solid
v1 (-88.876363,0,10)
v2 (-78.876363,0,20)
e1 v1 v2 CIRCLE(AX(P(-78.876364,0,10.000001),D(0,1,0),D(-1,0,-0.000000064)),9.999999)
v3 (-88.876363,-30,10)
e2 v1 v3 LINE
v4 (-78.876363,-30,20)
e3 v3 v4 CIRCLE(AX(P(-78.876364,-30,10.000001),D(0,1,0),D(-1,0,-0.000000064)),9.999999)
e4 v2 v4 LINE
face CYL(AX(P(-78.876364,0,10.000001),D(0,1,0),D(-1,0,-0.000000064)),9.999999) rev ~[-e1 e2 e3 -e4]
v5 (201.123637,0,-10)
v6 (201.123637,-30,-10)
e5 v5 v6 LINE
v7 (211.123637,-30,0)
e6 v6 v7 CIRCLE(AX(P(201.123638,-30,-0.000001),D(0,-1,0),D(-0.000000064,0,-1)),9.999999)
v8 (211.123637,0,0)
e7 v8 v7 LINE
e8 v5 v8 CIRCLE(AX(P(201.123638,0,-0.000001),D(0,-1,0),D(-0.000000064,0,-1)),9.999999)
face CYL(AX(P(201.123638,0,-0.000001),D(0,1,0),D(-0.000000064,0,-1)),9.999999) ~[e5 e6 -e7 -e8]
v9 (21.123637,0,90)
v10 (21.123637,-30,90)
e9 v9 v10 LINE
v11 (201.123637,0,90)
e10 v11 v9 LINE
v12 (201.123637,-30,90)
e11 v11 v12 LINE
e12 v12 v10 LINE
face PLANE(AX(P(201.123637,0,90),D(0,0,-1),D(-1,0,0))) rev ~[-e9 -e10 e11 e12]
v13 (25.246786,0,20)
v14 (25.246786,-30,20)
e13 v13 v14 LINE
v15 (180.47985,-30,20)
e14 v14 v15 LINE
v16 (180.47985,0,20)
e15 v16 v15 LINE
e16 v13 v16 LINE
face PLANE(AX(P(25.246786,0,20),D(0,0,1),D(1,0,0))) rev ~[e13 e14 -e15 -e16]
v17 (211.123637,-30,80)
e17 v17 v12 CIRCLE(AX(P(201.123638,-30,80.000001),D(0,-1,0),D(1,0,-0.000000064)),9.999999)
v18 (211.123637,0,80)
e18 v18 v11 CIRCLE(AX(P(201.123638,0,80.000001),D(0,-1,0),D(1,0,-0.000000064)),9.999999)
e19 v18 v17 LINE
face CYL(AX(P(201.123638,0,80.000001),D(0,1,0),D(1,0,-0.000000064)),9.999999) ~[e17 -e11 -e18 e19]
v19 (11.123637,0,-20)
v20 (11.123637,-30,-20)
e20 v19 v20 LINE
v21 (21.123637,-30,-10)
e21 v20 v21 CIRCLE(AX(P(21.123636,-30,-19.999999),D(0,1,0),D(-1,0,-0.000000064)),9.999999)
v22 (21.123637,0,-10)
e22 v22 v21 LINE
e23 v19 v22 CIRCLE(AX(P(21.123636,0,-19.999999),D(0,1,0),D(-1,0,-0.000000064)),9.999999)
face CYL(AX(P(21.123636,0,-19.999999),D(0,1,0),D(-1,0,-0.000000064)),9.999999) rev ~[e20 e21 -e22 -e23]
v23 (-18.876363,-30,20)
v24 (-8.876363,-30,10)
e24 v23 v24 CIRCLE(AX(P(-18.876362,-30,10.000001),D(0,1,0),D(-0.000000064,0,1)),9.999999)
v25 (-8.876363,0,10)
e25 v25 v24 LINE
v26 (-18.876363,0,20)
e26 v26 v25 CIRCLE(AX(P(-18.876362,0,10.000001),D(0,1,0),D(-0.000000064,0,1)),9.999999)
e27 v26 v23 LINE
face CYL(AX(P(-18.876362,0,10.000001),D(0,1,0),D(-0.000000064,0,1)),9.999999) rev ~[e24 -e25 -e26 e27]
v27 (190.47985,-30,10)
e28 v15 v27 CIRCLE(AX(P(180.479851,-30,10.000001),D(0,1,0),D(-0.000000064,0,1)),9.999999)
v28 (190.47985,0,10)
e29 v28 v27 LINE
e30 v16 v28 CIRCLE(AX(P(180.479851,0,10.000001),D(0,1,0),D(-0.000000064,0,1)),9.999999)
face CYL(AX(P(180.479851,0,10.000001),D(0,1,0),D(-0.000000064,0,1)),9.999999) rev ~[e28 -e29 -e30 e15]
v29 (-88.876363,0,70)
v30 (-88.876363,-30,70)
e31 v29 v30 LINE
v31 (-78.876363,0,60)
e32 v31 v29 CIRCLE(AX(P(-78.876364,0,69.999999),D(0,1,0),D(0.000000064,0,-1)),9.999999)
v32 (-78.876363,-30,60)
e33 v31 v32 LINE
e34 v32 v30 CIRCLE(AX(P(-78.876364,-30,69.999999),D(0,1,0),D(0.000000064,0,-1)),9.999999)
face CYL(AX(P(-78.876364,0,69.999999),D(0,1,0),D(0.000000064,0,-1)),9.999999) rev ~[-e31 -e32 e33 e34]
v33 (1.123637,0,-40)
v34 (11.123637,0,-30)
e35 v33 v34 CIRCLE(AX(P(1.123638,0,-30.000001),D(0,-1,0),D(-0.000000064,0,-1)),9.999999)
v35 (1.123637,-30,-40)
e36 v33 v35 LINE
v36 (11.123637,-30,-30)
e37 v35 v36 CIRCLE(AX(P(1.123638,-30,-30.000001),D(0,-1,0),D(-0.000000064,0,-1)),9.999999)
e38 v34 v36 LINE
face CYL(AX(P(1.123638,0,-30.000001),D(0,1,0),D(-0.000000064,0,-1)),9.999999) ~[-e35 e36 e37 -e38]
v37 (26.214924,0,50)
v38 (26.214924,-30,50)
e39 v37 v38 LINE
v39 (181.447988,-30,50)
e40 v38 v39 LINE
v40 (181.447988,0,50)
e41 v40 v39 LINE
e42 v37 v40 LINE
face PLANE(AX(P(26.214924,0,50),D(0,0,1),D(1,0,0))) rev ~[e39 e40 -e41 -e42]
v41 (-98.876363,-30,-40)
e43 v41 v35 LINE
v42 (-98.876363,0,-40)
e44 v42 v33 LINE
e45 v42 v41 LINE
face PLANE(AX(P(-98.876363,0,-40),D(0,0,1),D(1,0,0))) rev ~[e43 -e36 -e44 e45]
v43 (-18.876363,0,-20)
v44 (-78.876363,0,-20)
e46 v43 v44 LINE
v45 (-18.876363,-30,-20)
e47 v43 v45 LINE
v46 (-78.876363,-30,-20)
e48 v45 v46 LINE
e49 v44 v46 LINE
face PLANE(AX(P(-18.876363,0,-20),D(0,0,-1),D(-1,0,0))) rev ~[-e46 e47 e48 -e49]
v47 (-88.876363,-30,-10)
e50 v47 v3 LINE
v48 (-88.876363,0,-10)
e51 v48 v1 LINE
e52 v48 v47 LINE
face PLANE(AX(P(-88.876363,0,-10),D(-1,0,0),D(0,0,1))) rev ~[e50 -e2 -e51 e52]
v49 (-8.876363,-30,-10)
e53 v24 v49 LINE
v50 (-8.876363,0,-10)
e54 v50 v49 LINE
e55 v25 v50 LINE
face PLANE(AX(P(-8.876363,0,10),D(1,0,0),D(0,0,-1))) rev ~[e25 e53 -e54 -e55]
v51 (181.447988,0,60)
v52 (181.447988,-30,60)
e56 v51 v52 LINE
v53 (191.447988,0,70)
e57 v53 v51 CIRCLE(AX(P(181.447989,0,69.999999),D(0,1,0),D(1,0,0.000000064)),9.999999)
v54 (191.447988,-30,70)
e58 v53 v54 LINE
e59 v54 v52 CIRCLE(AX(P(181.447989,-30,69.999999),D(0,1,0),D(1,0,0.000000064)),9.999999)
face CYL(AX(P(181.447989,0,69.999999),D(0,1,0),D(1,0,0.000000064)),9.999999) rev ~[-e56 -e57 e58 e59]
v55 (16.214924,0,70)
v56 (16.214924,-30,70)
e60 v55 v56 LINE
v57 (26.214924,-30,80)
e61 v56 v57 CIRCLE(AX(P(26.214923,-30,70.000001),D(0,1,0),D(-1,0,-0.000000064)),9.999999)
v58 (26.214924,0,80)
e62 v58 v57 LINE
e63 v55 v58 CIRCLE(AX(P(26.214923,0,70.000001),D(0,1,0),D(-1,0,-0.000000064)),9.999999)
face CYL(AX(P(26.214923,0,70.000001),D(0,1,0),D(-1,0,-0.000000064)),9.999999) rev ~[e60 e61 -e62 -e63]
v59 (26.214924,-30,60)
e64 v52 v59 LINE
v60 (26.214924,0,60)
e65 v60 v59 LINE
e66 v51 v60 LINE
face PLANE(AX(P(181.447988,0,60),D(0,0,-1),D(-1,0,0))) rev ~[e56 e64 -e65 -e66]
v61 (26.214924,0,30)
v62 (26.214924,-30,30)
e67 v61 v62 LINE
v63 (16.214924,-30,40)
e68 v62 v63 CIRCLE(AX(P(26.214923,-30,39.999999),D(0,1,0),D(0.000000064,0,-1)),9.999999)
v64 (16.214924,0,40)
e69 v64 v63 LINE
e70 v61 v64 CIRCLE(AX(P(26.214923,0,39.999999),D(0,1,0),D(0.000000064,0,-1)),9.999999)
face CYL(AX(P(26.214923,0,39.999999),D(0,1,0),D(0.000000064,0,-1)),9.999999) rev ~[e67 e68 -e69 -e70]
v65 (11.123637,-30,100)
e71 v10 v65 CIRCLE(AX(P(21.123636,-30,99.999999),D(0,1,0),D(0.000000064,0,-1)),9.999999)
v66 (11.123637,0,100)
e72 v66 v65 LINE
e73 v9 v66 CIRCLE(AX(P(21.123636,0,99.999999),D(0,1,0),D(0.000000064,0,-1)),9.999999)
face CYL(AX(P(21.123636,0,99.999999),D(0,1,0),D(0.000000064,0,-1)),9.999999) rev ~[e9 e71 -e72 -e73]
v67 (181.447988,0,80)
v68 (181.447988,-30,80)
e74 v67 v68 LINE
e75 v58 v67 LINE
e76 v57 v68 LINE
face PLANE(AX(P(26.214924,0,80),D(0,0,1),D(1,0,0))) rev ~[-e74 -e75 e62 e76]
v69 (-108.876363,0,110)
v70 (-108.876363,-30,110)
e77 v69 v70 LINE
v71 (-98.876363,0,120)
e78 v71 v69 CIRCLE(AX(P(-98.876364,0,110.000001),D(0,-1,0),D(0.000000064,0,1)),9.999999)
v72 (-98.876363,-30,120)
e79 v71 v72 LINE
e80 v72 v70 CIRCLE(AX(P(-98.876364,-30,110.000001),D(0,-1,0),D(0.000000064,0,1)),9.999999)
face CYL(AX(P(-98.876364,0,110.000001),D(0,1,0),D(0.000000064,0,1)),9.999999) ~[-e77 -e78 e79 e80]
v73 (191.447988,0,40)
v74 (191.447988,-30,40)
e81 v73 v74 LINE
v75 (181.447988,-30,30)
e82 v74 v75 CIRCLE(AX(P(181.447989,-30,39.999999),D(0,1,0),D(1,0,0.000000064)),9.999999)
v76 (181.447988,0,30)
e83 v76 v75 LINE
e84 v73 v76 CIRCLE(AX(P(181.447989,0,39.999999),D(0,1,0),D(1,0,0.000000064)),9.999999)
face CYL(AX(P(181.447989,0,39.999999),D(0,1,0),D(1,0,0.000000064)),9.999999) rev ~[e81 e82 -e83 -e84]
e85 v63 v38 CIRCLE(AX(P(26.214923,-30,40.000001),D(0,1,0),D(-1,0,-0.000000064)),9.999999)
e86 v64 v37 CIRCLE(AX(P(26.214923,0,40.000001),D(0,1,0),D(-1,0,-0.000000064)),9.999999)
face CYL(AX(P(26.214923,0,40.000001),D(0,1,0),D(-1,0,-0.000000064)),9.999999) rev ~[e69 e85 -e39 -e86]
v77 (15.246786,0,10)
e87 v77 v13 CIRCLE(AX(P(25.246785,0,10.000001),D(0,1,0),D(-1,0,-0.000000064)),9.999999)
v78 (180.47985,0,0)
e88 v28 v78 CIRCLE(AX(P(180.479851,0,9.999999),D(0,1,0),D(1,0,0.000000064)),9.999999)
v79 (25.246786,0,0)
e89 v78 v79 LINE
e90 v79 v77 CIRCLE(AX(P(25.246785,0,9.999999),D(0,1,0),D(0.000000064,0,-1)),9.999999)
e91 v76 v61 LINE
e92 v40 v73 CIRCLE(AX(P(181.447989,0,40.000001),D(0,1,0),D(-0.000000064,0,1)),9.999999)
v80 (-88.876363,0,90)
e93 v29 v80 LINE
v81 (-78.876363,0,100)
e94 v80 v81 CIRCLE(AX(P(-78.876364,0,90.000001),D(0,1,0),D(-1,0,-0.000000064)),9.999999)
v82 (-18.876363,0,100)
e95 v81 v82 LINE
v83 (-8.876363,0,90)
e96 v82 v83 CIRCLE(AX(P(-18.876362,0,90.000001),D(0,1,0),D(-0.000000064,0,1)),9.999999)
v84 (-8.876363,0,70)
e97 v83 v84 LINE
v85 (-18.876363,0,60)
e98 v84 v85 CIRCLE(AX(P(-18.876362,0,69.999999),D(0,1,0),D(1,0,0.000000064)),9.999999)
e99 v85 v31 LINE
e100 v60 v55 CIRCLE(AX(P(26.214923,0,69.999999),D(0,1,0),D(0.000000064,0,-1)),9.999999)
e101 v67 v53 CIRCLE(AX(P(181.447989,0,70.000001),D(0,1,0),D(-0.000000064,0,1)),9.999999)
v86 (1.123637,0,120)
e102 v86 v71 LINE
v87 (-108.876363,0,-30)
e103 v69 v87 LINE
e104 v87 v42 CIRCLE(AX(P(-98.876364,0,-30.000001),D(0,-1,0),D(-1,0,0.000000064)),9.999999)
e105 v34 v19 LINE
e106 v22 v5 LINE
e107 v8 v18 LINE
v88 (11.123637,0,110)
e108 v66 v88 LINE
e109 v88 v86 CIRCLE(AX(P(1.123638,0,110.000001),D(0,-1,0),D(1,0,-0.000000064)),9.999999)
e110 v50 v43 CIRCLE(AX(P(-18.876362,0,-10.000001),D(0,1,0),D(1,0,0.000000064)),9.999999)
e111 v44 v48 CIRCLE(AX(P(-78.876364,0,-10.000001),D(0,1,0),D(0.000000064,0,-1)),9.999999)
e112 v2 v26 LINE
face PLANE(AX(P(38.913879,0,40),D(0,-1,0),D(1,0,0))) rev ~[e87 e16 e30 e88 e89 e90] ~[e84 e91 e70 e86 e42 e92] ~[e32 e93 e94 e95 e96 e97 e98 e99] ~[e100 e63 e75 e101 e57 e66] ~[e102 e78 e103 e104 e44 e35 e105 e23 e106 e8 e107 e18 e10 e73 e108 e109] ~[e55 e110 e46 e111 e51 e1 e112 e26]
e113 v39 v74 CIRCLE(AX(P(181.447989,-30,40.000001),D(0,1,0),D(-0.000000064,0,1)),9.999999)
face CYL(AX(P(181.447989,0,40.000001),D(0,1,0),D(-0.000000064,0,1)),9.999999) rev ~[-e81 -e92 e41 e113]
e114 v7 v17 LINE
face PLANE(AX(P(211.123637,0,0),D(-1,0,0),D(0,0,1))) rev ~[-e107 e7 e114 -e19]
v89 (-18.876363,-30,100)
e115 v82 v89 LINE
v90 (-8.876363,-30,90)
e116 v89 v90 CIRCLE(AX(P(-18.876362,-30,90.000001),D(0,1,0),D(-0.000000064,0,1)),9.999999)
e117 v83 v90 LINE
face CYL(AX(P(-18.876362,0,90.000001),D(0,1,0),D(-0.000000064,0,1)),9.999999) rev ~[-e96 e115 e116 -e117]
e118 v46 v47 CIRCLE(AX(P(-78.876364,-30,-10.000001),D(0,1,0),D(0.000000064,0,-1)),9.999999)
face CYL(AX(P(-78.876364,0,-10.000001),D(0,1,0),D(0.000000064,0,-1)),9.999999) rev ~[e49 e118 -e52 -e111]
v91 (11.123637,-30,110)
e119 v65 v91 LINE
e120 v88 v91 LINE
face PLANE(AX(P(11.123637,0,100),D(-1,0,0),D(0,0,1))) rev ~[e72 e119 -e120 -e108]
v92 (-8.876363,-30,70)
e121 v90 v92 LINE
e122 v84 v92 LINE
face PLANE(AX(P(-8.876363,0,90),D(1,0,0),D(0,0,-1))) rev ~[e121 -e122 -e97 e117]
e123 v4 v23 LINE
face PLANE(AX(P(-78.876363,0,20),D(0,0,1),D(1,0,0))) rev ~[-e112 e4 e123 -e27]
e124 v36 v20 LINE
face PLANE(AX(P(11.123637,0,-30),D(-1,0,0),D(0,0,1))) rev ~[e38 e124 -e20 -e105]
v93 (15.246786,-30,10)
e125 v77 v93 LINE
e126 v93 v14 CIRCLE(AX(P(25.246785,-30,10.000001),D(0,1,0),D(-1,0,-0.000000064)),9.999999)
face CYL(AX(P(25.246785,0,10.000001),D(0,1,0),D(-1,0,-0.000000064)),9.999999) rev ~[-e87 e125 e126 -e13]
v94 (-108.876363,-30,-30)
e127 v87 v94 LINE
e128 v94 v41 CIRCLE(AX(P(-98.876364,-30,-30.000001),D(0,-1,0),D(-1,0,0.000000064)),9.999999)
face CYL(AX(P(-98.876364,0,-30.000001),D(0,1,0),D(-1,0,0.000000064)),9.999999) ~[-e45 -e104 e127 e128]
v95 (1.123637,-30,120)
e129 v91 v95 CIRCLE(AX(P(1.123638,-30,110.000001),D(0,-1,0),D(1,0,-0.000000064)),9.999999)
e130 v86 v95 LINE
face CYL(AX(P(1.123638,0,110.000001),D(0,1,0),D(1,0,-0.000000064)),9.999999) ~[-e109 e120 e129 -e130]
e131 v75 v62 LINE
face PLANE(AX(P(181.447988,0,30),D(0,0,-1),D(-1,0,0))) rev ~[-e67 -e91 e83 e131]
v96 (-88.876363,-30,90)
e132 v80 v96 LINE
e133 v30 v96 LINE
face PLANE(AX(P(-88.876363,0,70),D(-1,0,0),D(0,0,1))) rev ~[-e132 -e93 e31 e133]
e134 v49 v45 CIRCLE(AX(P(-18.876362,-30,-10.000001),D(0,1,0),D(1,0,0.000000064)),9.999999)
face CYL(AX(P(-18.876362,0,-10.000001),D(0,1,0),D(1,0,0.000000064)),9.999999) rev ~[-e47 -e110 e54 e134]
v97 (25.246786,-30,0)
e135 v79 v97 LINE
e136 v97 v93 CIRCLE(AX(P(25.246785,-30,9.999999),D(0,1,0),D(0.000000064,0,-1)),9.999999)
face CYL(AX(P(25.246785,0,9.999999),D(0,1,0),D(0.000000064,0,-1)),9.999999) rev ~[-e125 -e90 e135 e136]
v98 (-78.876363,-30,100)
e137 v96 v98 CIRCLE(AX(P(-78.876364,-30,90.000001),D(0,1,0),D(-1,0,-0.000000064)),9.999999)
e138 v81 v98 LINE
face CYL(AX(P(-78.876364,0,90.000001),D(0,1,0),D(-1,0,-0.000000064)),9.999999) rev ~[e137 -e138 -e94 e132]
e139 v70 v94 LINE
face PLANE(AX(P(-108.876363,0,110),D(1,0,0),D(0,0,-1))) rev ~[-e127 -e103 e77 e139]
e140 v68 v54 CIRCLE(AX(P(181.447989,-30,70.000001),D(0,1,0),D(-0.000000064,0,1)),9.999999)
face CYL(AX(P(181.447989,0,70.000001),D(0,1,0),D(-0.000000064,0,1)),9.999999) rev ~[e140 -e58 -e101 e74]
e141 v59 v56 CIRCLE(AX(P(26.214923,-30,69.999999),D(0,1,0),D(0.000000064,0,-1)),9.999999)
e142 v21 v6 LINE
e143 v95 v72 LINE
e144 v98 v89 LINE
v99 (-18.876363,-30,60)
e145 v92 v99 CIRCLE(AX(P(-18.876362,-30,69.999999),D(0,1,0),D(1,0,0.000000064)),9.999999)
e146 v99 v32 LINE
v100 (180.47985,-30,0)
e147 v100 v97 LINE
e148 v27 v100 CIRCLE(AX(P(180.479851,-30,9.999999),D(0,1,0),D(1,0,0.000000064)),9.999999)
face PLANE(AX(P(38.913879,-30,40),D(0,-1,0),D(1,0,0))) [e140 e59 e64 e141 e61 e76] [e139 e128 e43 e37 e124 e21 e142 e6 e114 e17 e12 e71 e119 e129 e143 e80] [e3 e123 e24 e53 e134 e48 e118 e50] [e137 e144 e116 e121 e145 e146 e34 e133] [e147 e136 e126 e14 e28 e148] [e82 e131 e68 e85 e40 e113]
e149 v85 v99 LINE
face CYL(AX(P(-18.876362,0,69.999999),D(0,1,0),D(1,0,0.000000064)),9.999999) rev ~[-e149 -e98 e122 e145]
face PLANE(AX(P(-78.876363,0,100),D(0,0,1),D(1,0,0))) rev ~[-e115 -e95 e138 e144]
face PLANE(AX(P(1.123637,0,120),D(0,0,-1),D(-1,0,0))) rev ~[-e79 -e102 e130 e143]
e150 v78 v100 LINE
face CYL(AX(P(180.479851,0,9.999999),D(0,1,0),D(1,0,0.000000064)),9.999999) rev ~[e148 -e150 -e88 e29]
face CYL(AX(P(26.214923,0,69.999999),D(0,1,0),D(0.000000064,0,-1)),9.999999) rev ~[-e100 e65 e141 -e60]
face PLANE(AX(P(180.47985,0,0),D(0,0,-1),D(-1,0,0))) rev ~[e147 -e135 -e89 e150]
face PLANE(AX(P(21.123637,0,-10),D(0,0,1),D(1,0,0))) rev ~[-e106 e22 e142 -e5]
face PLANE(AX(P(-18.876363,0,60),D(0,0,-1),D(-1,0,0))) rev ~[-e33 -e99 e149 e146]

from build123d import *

# Parameters (mm, degrees)
F1_DEPTH = 30


with BuildPart() as f1:
    # F0 (on Front) → F1 (new body)
    with BuildSketch(Plane.XZ):
        with BuildLine():
            Line((211.123637, 0), (211.123637, 80))
            ThreePointArc((211.123637, 80), (208.194705, 87.071068), (201.123637, 90))
            Line((201.123637, 90), (21.123637, 90))
            ThreePointArc((21.123637, 90), (14.052569, 92.928932), (11.123637, 100))
            Line((11.123637, 100), (11.123637, 110))
            ThreePointArc((11.123637, 110), (8.194705, 117.071068), (1.123637, 120))
            Line((1.123637, 120), (-98.876363, 120))
            ThreePointArc((-98.876363, 120), (-105.947431, 117.071068), (-108.876363, 110))
            Line((-108.876363, 110), (-108.876363, -30))
            ThreePointArc((-108.876363, -30), (-105.947431, -37.071068), (-98.876363, -40))
            Line((-98.876363, -40), (1.123637, -40))
            ThreePointArc((1.123637, -40), (8.194705, -37.071068), (11.123637, -30))
            Line((11.123637, -30), (11.123637, -20))
            ThreePointArc((11.123637, -20), (14.052569, -12.928932), (21.123637, -10))
            Line((21.123637, -10), (201.123637, -10))
            ThreePointArc((201.123637, -10), (208.194705, -7.071068), (211.123637, 0))
        make_face()
        with BuildLine():
            ThreePointArc((-88.876363, 10), (-85.947431, 17.071068), (-78.876363, 20))
            Line((-78.876363, 20), (-18.876363, 20))
            ThreePointArc((-18.876363, 20), (-11.805295, 17.071068), (-8.876363, 10))
            Line((-8.876363, 10), (-8.876363, -10))
            ThreePointArc((-8.876363, -10), (-11.805295, -17.071068), (-18.876363, -20))
            Line((-18.876363, -20), (-78.876363, -20))
            ThreePointArc((-78.876363, -20), (-85.947431, -17.071068), (-88.876363, -10))
            Line((-88.876363, -10), (-88.876363, 10))
        make_face(mode=Mode.SUBTRACT)
        with BuildLine():
            ThreePointArc((15.246786, 10), (18.175718, 17.071068), (25.246786, 20))
            Line((25.246786, 20), (180.47985, 20))
            ThreePointArc((180.47985, 20), (187.550918, 17.071068), (190.47985, 10))
            ThreePointArc((190.47985, 10), (187.550918, 2.928932), (180.47985, 0))
            Line((180.47985, 0), (25.246786, 0))
            ThreePointArc((25.246786, 0), (18.175718, 2.928932), (15.246786, 10))
        make_face(mode=Mode.SUBTRACT)
        with BuildLine():
            ThreePointArc((-88.876363, 90), (-85.947431, 97.071068), (-78.876363, 100))
            Line((-78.876363, 100), (-18.876363, 100))
            ThreePointArc((-18.876363, 100), (-11.805295, 97.071068), (-8.876363, 90))
            Line((-8.876363, 90), (-8.876363, 70))
            ThreePointArc((-8.876363, 70), (-11.805295, 62.928932), (-18.876363, 60))
            Line((-18.876363, 60), (-78.876363, 60))
            ThreePointArc((-78.876363, 60), (-85.947431, 62.928932), (-88.876363, 70))
            Line((-88.876363, 70), (-88.876363, 90))
        make_face(mode=Mode.SUBTRACT)
        with BuildLine():
            ThreePointArc((16.214924, 40), (19.143856, 47.071068), (26.214924, 50))
            Line((26.214924, 50), (181.447988, 50))
            ThreePointArc((181.447988, 50), (188.519056, 47.071068), (191.447988, 40))
            ThreePointArc((191.447988, 40), (188.519056, 32.928932), (181.447988, 30))
            Line((181.447988, 30), (26.214924, 30))
            ThreePointArc((26.214924, 30), (19.143856, 32.928932), (16.214924, 40))
        make_face(mode=Mode.SUBTRACT)
        with BuildLine():
            ThreePointArc((16.214924, 70), (19.143856, 77.071068), (26.214924, 80))
            Line((26.214924, 80), (181.447988, 80))
            ThreePointArc((181.447988, 80), (188.519056, 77.071068), (191.447988, 70))
            ThreePointArc((191.447988, 70), (188.519056, 62.928932), (181.447988, 60))
            Line((181.447988, 60), (26.214924, 60))
            ThreePointArc((26.214924, 60), (19.143856, 62.928932), (16.214924, 70))
        make_face(mode=Mode.SUBTRACT)
    extrude(amount=F1_DEPTH)


solid = f1.part
